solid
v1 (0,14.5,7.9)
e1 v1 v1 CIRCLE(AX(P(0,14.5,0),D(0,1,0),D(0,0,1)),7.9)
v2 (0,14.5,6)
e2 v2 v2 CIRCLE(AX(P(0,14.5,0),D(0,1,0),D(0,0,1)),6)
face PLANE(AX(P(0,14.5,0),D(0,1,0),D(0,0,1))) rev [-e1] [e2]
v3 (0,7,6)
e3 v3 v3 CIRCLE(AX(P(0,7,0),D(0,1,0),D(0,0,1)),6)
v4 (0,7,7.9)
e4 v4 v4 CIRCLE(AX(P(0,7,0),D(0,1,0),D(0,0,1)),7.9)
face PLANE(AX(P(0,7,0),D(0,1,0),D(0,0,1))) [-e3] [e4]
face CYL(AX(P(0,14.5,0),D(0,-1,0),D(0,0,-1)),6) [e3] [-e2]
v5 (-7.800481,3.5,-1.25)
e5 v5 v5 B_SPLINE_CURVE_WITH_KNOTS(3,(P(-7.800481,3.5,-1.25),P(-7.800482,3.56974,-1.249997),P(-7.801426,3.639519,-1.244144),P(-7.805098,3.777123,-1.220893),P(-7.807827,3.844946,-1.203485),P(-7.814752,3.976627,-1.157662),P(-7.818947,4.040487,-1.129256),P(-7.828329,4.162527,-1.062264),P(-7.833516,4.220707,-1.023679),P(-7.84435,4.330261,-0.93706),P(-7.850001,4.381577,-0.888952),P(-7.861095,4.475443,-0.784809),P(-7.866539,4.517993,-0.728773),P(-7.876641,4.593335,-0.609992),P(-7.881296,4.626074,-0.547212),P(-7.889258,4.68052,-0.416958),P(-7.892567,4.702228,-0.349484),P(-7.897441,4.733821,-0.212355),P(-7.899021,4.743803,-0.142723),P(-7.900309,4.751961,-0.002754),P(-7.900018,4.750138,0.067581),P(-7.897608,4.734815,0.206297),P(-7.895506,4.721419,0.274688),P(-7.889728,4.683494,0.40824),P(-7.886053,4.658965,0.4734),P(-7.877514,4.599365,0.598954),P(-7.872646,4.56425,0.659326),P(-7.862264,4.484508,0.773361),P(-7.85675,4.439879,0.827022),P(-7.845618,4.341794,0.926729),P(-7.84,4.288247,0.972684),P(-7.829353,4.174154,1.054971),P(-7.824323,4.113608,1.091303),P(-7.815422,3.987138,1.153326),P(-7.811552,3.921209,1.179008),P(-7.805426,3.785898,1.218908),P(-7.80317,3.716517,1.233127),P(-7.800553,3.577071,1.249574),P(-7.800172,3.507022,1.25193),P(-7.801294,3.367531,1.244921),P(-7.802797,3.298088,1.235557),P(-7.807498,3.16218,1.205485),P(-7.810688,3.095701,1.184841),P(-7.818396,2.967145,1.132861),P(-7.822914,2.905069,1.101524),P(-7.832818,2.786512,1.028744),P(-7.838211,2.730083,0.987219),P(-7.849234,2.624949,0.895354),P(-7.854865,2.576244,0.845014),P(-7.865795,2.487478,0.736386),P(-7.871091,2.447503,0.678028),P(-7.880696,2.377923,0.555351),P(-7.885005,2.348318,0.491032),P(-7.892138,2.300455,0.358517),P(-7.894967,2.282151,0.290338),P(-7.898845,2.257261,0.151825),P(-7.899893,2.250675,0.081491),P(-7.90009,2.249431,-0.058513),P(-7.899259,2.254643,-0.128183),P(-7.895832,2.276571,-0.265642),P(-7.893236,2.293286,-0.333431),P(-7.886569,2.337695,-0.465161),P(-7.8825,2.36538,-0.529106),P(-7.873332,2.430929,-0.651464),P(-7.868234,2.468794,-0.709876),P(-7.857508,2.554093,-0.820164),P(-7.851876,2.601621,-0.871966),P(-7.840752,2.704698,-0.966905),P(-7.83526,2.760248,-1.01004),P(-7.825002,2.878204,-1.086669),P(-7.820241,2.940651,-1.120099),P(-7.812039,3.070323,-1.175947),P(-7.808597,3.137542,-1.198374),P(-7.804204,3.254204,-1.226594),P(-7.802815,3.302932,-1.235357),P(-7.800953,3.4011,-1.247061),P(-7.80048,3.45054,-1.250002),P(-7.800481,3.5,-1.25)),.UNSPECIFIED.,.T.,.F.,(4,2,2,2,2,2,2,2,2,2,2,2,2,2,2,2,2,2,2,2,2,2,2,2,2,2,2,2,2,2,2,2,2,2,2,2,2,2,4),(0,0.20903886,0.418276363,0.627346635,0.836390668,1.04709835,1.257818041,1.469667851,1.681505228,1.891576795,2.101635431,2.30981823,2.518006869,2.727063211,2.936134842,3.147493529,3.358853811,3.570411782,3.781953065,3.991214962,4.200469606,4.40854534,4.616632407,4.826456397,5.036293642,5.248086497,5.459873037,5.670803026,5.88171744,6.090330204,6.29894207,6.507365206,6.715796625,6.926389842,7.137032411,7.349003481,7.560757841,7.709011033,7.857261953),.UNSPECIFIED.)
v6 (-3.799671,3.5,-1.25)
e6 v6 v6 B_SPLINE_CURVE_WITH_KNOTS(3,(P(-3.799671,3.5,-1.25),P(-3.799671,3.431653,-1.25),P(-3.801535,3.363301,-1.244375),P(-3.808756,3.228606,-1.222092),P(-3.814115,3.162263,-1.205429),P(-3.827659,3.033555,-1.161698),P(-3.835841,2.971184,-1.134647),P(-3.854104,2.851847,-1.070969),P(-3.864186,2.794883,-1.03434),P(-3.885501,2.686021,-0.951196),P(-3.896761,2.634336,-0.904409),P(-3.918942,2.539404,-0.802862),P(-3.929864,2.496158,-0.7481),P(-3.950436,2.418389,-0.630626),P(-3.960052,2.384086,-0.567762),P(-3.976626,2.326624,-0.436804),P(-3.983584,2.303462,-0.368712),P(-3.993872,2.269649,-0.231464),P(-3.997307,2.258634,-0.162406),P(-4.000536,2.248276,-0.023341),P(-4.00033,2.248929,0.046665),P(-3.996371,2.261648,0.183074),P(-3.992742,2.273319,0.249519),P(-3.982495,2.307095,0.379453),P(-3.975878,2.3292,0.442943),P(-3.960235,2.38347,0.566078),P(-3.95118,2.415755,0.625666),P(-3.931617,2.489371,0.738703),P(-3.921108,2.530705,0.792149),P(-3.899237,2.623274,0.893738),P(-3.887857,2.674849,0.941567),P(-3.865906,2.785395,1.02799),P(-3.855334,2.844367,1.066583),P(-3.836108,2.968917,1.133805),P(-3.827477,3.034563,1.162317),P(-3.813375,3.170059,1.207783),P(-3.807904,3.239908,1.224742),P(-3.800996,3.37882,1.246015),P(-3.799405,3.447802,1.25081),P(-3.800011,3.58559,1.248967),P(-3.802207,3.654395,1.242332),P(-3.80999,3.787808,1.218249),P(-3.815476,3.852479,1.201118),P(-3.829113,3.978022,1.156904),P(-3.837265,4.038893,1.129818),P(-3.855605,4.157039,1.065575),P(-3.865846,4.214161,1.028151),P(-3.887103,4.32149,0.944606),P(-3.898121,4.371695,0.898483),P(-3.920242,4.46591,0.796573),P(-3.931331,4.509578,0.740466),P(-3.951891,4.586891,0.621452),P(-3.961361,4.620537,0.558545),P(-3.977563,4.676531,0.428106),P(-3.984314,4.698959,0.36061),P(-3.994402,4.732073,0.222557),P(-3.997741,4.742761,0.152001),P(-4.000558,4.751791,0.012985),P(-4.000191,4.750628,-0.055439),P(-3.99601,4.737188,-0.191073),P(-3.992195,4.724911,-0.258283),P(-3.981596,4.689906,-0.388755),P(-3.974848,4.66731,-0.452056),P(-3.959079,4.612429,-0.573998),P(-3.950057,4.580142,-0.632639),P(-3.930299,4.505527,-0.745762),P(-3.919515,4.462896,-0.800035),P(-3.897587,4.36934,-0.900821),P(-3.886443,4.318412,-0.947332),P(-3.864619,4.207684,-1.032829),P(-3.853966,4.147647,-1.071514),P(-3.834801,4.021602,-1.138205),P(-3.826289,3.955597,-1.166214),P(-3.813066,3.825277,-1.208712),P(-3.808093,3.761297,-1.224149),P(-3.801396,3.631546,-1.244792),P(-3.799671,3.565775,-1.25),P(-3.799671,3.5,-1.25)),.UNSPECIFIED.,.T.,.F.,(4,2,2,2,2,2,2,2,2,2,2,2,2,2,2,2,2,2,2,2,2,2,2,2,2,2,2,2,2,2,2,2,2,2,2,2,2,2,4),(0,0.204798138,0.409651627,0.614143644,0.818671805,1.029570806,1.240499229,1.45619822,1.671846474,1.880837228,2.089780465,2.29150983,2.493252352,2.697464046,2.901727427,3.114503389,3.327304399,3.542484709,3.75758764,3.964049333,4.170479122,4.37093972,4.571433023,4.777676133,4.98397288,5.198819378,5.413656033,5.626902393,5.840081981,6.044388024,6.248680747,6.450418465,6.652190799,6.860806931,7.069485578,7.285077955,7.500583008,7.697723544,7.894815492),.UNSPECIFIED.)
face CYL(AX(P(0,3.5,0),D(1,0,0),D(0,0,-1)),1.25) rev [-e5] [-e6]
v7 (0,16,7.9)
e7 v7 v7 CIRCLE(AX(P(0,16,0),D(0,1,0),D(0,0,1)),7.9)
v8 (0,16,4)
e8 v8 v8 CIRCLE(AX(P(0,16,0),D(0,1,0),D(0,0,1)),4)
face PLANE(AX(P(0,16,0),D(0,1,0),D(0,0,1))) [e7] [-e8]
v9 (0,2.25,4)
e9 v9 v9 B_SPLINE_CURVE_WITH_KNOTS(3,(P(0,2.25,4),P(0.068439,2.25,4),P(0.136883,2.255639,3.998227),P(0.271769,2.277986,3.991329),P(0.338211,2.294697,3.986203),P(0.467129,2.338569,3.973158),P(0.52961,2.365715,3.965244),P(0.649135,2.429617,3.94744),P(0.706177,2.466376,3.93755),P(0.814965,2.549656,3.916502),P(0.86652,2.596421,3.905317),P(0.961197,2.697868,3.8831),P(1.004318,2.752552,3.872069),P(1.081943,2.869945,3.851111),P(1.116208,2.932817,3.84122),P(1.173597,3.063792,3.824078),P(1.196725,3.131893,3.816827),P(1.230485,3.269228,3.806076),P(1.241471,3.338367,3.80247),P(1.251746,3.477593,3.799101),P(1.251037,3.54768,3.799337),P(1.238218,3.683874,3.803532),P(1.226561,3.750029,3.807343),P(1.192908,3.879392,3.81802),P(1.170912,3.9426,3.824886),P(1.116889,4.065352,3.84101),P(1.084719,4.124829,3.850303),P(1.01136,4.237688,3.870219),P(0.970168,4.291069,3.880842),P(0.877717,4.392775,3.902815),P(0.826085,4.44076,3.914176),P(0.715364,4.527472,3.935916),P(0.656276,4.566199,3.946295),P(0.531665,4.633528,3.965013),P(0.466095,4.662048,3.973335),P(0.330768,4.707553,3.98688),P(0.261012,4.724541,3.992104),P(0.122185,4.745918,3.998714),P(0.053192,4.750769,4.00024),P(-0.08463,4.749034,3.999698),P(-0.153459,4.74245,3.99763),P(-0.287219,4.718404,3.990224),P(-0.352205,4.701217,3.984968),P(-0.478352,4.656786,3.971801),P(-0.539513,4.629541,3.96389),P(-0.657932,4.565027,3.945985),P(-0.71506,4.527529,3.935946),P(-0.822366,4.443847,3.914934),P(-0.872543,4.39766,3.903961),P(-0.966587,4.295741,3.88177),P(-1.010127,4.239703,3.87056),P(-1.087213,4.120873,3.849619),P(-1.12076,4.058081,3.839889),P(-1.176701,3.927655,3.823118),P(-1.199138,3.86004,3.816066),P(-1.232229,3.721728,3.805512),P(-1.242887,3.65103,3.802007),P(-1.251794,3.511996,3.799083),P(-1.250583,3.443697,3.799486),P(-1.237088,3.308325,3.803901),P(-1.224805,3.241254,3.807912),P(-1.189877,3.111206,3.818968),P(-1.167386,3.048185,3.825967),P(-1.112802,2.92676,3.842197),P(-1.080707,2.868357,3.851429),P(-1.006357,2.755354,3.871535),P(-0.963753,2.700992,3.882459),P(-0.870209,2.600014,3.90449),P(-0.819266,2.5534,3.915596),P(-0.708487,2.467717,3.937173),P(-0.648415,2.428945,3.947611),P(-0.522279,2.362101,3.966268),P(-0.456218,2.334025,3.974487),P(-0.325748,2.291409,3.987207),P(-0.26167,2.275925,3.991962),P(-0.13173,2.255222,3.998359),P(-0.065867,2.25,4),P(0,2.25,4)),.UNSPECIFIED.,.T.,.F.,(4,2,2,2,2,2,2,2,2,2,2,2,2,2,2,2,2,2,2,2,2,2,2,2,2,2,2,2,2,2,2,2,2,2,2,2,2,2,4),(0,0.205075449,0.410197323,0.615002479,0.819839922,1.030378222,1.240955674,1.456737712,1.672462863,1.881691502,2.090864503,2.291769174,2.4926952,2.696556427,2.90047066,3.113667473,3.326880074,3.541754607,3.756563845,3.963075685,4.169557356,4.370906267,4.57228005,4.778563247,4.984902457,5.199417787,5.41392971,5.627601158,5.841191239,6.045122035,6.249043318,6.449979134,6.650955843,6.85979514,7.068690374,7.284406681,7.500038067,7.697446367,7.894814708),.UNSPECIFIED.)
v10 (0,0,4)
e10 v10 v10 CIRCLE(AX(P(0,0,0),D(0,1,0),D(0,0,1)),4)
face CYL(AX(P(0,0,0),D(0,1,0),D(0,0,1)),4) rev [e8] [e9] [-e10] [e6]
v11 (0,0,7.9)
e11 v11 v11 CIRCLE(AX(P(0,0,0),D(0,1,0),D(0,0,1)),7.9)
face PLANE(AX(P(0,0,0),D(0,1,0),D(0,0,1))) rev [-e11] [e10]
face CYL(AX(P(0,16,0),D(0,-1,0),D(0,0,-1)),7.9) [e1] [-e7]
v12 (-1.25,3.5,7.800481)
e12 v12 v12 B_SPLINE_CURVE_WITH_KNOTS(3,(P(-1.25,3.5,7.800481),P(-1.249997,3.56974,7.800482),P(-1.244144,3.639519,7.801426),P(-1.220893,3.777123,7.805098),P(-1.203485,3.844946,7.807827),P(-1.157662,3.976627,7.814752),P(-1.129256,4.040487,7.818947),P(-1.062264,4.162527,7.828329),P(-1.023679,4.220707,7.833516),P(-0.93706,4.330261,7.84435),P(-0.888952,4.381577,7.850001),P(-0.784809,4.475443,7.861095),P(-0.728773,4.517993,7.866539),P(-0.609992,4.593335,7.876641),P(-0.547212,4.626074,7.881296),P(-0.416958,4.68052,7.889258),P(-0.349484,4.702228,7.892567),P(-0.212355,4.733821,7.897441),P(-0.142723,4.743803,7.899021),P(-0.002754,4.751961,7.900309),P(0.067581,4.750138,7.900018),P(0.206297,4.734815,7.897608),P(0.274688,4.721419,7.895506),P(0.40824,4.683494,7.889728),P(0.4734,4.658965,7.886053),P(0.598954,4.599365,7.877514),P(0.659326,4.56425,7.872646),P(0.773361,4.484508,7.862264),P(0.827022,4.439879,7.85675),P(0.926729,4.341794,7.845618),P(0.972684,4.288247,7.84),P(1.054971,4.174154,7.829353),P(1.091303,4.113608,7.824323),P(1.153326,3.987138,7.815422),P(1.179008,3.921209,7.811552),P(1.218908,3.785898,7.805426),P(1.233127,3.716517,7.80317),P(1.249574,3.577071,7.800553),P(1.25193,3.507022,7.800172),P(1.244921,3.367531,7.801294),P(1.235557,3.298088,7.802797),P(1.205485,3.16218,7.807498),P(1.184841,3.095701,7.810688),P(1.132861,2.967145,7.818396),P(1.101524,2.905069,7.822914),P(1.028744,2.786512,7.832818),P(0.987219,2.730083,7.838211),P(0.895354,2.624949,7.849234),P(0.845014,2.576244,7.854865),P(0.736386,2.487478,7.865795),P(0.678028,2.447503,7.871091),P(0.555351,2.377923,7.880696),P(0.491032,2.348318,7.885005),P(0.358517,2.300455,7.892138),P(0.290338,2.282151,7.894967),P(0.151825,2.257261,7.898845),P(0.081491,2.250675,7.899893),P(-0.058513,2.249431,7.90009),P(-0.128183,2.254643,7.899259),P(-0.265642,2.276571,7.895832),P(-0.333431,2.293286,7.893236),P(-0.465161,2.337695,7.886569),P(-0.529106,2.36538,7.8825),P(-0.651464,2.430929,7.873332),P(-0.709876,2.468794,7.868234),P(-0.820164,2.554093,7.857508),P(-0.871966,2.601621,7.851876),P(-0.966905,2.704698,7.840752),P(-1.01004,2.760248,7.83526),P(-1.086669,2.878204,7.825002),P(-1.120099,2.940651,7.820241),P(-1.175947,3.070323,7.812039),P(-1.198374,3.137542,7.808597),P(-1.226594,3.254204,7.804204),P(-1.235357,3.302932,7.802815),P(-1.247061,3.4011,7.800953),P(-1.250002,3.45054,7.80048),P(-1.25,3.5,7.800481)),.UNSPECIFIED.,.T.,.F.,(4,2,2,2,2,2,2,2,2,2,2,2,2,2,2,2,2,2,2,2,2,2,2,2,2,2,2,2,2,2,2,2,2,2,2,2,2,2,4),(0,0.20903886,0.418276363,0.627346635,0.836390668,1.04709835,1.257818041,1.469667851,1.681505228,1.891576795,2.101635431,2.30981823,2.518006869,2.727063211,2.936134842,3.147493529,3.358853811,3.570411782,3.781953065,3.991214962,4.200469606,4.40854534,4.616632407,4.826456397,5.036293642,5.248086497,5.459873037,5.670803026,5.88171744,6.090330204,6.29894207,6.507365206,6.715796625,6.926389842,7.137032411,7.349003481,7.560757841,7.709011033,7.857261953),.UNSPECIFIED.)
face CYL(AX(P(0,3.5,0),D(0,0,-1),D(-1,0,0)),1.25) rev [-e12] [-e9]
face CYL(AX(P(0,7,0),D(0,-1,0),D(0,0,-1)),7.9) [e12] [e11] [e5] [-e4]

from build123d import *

# Parameters (mm, degrees)
CROQUIS1_R              = 7.9
SALIENTE_EXTRUIR1_DEPTH = 7
CROQUIS2_R              = 6
SALIENTE_EXTRUIR2_DEPTH = 7.5
CROQUIS3_R              = 7.9
SALIENTE_EXTRUIR3_DEPTH = 1.5
CROQUIS4_R              = 4
CORTAR_EXTRUIR1_DEPTH   = 20.514609912
CROQUIS5_W              = 1.25
CROQUIS5_H              = 7.901
MATRIZC1_COUNT          = 2
MATRIZC1_ANGLE          = 90


with BuildPart() as part:
    # Croquis1 → Saliente-Extruir1 (new body)
    with BuildSketch(Plane(origin=(0, 0, 0), x_dir=(1, 0, 0), z_dir=(0, 1, 0))):
        with Locations(Location((0, 0, 0), (0, 0, 270))):
            Circle(CROQUIS1_R)
    extrude(amount=SALIENTE_EXTRUIR1_DEPTH)

    # Croquis2 → Saliente-Extruir2 (add)
    with BuildSketch(Plane(origin=(0, 7, 0), x_dir=(1, 0, 0), z_dir=(0, 1, 0))):
        with Locations(Location((0, 0, 0), (0, 0, 270))):
            Circle(CROQUIS2_R)
    extrude(amount=SALIENTE_EXTRUIR2_DEPTH)

    # Croquis3 → Saliente-Extruir3 (add)
    with BuildSketch(Plane(origin=(0, 14.5, 0), x_dir=(1, 0, 0), z_dir=(0, 1, 0))):
        with Locations(Location((0, 0, 0), (0, 0, 270))):
            Circle(CROQUIS3_R)
    extrude(amount=SALIENTE_EXTRUIR3_DEPTH)

    # Croquis4 → Cortar-Extruir1 (cut, through all)
    with BuildSketch(Plane(origin=(0, 16, 0), x_dir=(1, 0, 0), z_dir=(0, 1, 0))):
        with Locations(Location((0, 0, 0), (0, 0, 270))):
            Circle(CROQUIS4_R)
    extrude(amount=-CORTAR_EXTRUIR1_DEPTH, mode=Mode.SUBTRACT)

    # Croquis5 → Taladro roscado M31 (definir posicio) (revolve, cut)
    with BuildSketch(Plane(origin=(0, 3.5, 0), x_dir=(0, 1, 0), z_dir=(1, 0, 0))):
        with Locations((0.625, 3.9505)):
            Rectangle(CROQUIS5_W, CROQUIS5_H)
    taladro_roscado_m31_definir_posicio = revolve(axis=Axis((0, 3.5, -6.35), (0, 0, 1)), mode=Mode.SUBTRACT)

    # MatrizC1: Taladro roscado M31 (definir posicio) ×2 about axis
    matrizc1_axis = Axis((0, 7, 0), (0, -1, 0))
    for i in range(1, MATRIZC1_COUNT):
        add(taladro_roscado_m31_definir_posicio.rotate(matrizc1_axis, i * MATRIZC1_ANGLE / (MATRIZC1_COUNT - 1)), mode=Mode.SUBTRACT)


solid = part.part
